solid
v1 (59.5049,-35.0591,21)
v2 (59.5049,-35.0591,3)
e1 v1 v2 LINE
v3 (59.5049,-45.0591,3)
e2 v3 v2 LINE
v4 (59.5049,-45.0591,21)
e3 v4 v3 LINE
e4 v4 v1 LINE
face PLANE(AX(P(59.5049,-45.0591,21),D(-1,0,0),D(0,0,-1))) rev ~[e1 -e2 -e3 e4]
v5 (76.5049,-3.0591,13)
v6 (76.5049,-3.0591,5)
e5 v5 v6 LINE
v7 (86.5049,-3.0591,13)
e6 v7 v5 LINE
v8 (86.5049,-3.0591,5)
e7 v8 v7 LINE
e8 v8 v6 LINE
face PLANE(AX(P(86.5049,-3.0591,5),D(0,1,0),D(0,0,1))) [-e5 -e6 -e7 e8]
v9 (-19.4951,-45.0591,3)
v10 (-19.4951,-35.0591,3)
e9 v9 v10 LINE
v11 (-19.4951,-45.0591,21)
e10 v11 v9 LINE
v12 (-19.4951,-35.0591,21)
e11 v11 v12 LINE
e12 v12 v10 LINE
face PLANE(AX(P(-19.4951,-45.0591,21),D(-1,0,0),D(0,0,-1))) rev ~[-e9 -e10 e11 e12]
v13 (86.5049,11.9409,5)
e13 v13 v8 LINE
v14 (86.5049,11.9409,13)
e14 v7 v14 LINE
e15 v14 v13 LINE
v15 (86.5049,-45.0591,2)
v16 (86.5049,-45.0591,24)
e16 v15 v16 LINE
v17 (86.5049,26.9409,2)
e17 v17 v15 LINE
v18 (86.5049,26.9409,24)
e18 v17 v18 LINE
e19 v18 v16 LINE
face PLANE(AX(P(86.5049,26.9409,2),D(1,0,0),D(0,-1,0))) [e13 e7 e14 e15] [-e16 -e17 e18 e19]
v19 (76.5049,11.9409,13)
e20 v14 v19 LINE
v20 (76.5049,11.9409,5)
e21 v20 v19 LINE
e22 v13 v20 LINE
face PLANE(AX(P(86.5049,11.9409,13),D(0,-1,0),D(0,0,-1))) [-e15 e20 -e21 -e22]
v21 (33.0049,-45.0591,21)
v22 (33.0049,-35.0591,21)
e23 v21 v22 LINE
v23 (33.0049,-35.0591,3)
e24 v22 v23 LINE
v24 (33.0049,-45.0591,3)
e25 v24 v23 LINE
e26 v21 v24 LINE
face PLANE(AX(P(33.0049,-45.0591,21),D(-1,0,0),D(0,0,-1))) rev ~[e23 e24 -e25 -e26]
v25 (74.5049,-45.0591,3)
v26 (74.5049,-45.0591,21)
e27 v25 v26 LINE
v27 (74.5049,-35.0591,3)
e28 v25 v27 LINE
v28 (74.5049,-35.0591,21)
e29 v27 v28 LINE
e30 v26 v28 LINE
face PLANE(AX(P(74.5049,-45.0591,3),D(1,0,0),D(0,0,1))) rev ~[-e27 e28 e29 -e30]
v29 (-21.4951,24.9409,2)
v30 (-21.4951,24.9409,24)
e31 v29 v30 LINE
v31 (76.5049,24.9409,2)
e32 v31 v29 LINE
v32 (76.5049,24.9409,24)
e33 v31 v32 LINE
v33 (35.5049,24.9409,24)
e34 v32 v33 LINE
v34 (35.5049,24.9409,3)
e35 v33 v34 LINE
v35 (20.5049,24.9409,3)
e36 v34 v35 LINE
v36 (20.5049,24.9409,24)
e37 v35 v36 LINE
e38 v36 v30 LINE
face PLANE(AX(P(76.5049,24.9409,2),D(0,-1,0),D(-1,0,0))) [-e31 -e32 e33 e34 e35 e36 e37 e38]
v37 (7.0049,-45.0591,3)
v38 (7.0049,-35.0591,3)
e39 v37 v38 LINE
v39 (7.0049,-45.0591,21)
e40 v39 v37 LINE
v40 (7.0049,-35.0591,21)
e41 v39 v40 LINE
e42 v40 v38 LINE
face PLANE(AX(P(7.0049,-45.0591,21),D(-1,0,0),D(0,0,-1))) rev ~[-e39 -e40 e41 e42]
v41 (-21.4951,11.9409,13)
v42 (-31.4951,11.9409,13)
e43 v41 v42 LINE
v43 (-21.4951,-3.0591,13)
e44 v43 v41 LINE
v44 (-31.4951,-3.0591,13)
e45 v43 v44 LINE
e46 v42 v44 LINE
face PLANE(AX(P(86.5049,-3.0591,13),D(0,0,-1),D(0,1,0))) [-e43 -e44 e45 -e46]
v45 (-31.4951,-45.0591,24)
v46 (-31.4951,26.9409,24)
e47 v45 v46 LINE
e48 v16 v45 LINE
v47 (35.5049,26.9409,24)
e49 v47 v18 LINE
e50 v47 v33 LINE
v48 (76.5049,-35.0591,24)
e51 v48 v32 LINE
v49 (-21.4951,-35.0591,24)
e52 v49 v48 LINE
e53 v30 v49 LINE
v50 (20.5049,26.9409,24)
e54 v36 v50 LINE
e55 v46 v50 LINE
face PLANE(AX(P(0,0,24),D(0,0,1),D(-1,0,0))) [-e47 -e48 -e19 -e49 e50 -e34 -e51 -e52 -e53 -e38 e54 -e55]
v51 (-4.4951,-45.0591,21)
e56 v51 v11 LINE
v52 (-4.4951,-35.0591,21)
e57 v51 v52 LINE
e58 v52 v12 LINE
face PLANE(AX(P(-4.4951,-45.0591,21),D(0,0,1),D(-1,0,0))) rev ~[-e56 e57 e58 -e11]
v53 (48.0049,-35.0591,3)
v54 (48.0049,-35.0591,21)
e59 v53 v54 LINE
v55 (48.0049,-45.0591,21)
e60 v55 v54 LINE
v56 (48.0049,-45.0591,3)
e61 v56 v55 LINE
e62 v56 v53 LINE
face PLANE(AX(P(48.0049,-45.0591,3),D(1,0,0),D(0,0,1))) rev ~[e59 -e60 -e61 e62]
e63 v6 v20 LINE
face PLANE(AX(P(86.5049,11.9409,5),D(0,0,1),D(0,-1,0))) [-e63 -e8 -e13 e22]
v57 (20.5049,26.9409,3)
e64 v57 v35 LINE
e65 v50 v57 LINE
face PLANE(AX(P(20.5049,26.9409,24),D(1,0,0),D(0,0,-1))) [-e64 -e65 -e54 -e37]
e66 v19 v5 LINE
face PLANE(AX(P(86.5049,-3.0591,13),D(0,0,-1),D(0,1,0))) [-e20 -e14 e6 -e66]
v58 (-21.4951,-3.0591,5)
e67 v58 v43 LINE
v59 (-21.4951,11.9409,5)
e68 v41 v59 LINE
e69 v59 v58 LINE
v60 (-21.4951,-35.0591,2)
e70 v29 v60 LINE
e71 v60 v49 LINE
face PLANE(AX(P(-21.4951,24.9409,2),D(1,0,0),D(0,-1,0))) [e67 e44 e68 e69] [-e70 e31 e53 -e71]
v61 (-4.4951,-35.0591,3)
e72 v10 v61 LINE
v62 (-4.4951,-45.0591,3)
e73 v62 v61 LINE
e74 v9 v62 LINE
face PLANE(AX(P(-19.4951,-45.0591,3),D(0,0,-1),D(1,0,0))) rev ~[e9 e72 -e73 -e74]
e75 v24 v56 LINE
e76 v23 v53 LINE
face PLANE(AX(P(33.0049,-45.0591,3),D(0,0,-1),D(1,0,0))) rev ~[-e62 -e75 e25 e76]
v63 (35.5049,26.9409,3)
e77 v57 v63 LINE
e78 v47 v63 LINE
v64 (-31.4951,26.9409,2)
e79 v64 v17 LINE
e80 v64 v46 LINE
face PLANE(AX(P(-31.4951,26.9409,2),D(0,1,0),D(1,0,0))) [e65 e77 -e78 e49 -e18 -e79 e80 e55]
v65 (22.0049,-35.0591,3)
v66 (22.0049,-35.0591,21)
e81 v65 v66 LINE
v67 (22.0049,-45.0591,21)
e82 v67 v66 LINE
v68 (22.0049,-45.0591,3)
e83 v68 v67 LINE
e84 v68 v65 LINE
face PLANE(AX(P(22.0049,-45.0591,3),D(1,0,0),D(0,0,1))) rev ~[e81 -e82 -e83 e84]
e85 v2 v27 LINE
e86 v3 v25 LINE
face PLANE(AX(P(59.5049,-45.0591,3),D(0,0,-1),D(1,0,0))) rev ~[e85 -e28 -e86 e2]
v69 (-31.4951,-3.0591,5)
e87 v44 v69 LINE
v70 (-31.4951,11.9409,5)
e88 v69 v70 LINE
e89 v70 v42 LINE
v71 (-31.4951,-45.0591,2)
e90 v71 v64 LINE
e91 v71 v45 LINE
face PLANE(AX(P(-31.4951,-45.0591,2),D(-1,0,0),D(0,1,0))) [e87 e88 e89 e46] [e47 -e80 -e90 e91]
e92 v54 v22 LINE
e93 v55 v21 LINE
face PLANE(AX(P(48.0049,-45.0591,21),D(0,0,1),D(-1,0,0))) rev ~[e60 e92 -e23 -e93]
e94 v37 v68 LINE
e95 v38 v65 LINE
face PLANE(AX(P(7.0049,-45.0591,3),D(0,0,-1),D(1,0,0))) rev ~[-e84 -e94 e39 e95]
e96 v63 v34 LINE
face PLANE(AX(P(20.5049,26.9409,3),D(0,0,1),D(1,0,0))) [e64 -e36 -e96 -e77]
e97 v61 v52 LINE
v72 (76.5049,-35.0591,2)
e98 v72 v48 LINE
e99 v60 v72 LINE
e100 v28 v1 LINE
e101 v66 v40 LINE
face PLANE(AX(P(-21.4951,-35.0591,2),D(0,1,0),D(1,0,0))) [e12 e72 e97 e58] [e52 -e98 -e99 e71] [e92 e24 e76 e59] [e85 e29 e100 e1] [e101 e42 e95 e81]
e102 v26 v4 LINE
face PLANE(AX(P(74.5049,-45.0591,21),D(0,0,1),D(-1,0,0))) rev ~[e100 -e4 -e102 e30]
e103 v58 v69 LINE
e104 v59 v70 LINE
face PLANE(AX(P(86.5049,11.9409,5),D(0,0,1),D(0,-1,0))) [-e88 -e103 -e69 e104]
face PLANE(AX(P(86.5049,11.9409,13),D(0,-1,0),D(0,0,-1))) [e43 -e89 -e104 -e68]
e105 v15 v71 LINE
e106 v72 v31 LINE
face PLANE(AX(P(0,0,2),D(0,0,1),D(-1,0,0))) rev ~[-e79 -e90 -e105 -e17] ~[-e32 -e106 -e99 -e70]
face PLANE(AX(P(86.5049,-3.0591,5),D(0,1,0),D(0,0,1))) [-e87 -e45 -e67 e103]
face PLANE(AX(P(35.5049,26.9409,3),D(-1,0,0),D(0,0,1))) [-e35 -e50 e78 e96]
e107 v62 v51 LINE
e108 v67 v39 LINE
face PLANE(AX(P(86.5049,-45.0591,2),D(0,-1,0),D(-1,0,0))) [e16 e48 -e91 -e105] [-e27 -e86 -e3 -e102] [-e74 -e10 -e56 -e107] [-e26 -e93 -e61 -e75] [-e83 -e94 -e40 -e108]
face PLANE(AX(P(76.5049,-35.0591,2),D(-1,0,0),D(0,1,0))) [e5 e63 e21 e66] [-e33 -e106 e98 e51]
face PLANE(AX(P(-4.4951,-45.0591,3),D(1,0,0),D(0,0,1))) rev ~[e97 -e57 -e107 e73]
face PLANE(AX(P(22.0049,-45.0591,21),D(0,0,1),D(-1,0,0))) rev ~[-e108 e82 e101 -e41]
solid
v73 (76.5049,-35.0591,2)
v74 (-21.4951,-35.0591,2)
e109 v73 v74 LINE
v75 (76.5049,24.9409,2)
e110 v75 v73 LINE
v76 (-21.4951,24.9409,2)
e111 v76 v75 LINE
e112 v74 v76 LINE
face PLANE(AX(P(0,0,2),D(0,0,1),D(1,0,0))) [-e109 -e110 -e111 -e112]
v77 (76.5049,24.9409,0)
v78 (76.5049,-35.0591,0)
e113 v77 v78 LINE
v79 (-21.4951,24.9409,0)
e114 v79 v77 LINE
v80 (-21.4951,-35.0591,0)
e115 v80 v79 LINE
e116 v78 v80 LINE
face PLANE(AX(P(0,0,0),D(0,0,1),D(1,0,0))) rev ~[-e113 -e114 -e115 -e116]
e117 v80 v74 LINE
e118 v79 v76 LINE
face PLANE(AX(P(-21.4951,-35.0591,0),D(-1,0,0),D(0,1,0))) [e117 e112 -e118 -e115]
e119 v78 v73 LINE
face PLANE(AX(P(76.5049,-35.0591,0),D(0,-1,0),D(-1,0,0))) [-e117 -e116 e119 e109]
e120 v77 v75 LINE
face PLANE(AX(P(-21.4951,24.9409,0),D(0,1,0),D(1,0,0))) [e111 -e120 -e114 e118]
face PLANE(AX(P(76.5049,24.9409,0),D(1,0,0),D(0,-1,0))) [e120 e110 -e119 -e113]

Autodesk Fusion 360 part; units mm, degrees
sketch "Sketch1" plane through (0, 0, 0) normal (0, 0, 1) x (1, 0, 0)
  line L0 (-21.4951, 24.9409) -> (76.5049, 24.9409)
  line L1 (76.5049, 24.9409) -> (76.5049, -35.0591)
  line L2 (76.5049, -35.0591) -> (-21.4951, -35.0591)
  line L3 (-21.4951, -35.0591) -> (-21.4951, 24.9409)
  dimension "d1" = 98
  dimension "d2" = 60
extrude "Extrude1" add sketch "Sketch1" along normal blind 2 makes body 1
sketch "Sketch2" plane through (0, 0, 2) normal (0, 0, 1) x (-1, 0, 0)
  line L0 (21.4951, 35.0591) -> (-76.5049, 35.0591)
  line L1 (-76.5049, 35.0591) -> (-76.5049, -24.9409)
  line L2 (-76.5049, -24.9409) -> (21.4951, -24.9409)
  line L3 (21.4951, -24.9409) -> (21.4951, 35.0591)
  line L4 (31.4951, -26.9409) -> (-86.5049, -26.9409)
  line L5 (-86.5049, -26.9409) -> (-86.5049, 45.0591)
  line L6 (-86.5049, 45.0591) -> (31.4951, 45.0591)
  line L7 (31.4951, 45.0591) -> (31.4951, -26.9409)
  dimension "d5" = 118
  dimension "d6" = 72
  dimension "d8" = 10
  dimension "d40" = 10
extrude "Extrude2" add sketch "Sketch2" along normal blind 42 separate body makes body 2
extrude "Extrude3" cut 1 faces at (43.8383, -41.7258, 44) along direction (0, 0, -1) blind 20 on bodies 2 bodies 2
sketch "Sketch3" plane through (0, -45.0591, 0) normal (0, -1, 0) x (1, 0, 0)
  line L0 (86.5049, 24) -> (-31.4951, 24)
  line L1 (-31.4951, 24) -> (-31.4951, 2)
  line L2 (-31.4951, 2) -> (86.5049, 2)
  line L3 (86.5049, 2) -> (86.5049, 24)
  line L4 (-19.4951, 3) -> (-4.4951, 3)
  line L5 (-4.4951, 3) -> (-4.4951, 21)
  line L6 (-4.4951, 21) -> (-19.4951, 21)
  line L7 (-19.4951, 21) -> (-19.4951, 3)
  line L8 (22.0049, 3) -> (22.0049, 21)
  line L9 (22.0049, 21) -> (7.0049, 21)
  line L10 (7.0049, 21) -> (7.0049, 3)
  line L11 (7.0049, 3) -> (22.0049, 3)
  line L12 (48.0049, 3) -> (48.0049, 21)
  line L13 (33.0049, 3) -> (48.0049, 3)
  line L14 (59.5049, 21) -> (59.5049, 3)
  line L15 (59.5049, 3) -> (74.5049, 3)
  line L16 (74.5049, 3) -> (74.5049, 21)
  line L17 (48.0049, 21) -> (33.0049, 21)
  line L18 (74.5049, 21) -> (59.5049, 21)
  line L19 (33.0049, 21) -> (33.0049, 3)
  dimension "d13" = 15
  dimension "d14" = 18
  dimension "d15" = 1
  dimension "d16" = 12
  dimension "d17" = 15
  dimension "d18" = 18
  dimension "d19" = 11.5
  dimension "d20" = 15
  dimension "d21" = 18
  dimension "d22" = 15
  dimension "d23" = 18
  dimension "d24" = 11.5
  dimension "d25" = 11
extrude "Extrude4" cut sketch "Sketch3" against normal blind 10 contours L4 L5 L6 L7 | L8 L9 L10 L11 | L12 L13 L17 L19 | L14 L15 L16 L18 bodies 2
sketch "Sketch4" plane through (86.5049, 0, 0) normal (1, 0, 0) x (0, 1, 0)
  line L0 (26.9409, 24) -> (-45.0591, 24)
  line L1 (-45.0591, 24) -> (-45.0591, 2)
  line L2 (-45.0591, 2) -> (26.9409, 2)
  line L3 (26.9409, 2) -> (26.9409, 24)
  line L4 (-3.0591, 13) -> (11.9409, 13)
  line L5 (11.9409, 13) -> (11.9409, 5)
  line L6 (11.9409, 5) -> (-3.0591, 5)
  line L7 (-3.0591, 5) -> (-3.0591, 13)
  dimension "d28" = 15
  dimension "d29" = 8
  dimension "d30" = 15
  dimension "d33" = 3
extrude "Extrude5" cut sketch "Sketch4" against normal blind 120 contours L4 L5 L6 L7 bodies 2
sketch "Sketch5" plane through (0, 26.9409, 0) normal (0, 1, 0) x (-1, 0, 0)
  line L0 (31.4951, 24) -> (-86.5049, 24)
  line L1 (-86.5049, 24) -> (-86.5049, 2)
  line L2 (-86.5049, 2) -> (31.4951, 2)
  line L3 (31.4951, 2) -> (31.4951, 24)
  line L4 (-35.5049, 83) -> (-20.5049, 83)
  line L5 (-20.5049, 83) -> (-20.5049, 3)
  line L6 (-20.5049, 3) -> (-35.5049, 3)
  line L7 (-35.5049, 3) -> (-35.5049, 83)
  dimension "d34" = 15
  dimension "d35" = 80
  dimension "d36" = 1
  dimension "d37" = 52
extrude "Extrude6" cut sketch "Sketch5" against normal blind 10 contours L0 L5 L6 L7 | L0 L4 L5 L7 bodies 2
